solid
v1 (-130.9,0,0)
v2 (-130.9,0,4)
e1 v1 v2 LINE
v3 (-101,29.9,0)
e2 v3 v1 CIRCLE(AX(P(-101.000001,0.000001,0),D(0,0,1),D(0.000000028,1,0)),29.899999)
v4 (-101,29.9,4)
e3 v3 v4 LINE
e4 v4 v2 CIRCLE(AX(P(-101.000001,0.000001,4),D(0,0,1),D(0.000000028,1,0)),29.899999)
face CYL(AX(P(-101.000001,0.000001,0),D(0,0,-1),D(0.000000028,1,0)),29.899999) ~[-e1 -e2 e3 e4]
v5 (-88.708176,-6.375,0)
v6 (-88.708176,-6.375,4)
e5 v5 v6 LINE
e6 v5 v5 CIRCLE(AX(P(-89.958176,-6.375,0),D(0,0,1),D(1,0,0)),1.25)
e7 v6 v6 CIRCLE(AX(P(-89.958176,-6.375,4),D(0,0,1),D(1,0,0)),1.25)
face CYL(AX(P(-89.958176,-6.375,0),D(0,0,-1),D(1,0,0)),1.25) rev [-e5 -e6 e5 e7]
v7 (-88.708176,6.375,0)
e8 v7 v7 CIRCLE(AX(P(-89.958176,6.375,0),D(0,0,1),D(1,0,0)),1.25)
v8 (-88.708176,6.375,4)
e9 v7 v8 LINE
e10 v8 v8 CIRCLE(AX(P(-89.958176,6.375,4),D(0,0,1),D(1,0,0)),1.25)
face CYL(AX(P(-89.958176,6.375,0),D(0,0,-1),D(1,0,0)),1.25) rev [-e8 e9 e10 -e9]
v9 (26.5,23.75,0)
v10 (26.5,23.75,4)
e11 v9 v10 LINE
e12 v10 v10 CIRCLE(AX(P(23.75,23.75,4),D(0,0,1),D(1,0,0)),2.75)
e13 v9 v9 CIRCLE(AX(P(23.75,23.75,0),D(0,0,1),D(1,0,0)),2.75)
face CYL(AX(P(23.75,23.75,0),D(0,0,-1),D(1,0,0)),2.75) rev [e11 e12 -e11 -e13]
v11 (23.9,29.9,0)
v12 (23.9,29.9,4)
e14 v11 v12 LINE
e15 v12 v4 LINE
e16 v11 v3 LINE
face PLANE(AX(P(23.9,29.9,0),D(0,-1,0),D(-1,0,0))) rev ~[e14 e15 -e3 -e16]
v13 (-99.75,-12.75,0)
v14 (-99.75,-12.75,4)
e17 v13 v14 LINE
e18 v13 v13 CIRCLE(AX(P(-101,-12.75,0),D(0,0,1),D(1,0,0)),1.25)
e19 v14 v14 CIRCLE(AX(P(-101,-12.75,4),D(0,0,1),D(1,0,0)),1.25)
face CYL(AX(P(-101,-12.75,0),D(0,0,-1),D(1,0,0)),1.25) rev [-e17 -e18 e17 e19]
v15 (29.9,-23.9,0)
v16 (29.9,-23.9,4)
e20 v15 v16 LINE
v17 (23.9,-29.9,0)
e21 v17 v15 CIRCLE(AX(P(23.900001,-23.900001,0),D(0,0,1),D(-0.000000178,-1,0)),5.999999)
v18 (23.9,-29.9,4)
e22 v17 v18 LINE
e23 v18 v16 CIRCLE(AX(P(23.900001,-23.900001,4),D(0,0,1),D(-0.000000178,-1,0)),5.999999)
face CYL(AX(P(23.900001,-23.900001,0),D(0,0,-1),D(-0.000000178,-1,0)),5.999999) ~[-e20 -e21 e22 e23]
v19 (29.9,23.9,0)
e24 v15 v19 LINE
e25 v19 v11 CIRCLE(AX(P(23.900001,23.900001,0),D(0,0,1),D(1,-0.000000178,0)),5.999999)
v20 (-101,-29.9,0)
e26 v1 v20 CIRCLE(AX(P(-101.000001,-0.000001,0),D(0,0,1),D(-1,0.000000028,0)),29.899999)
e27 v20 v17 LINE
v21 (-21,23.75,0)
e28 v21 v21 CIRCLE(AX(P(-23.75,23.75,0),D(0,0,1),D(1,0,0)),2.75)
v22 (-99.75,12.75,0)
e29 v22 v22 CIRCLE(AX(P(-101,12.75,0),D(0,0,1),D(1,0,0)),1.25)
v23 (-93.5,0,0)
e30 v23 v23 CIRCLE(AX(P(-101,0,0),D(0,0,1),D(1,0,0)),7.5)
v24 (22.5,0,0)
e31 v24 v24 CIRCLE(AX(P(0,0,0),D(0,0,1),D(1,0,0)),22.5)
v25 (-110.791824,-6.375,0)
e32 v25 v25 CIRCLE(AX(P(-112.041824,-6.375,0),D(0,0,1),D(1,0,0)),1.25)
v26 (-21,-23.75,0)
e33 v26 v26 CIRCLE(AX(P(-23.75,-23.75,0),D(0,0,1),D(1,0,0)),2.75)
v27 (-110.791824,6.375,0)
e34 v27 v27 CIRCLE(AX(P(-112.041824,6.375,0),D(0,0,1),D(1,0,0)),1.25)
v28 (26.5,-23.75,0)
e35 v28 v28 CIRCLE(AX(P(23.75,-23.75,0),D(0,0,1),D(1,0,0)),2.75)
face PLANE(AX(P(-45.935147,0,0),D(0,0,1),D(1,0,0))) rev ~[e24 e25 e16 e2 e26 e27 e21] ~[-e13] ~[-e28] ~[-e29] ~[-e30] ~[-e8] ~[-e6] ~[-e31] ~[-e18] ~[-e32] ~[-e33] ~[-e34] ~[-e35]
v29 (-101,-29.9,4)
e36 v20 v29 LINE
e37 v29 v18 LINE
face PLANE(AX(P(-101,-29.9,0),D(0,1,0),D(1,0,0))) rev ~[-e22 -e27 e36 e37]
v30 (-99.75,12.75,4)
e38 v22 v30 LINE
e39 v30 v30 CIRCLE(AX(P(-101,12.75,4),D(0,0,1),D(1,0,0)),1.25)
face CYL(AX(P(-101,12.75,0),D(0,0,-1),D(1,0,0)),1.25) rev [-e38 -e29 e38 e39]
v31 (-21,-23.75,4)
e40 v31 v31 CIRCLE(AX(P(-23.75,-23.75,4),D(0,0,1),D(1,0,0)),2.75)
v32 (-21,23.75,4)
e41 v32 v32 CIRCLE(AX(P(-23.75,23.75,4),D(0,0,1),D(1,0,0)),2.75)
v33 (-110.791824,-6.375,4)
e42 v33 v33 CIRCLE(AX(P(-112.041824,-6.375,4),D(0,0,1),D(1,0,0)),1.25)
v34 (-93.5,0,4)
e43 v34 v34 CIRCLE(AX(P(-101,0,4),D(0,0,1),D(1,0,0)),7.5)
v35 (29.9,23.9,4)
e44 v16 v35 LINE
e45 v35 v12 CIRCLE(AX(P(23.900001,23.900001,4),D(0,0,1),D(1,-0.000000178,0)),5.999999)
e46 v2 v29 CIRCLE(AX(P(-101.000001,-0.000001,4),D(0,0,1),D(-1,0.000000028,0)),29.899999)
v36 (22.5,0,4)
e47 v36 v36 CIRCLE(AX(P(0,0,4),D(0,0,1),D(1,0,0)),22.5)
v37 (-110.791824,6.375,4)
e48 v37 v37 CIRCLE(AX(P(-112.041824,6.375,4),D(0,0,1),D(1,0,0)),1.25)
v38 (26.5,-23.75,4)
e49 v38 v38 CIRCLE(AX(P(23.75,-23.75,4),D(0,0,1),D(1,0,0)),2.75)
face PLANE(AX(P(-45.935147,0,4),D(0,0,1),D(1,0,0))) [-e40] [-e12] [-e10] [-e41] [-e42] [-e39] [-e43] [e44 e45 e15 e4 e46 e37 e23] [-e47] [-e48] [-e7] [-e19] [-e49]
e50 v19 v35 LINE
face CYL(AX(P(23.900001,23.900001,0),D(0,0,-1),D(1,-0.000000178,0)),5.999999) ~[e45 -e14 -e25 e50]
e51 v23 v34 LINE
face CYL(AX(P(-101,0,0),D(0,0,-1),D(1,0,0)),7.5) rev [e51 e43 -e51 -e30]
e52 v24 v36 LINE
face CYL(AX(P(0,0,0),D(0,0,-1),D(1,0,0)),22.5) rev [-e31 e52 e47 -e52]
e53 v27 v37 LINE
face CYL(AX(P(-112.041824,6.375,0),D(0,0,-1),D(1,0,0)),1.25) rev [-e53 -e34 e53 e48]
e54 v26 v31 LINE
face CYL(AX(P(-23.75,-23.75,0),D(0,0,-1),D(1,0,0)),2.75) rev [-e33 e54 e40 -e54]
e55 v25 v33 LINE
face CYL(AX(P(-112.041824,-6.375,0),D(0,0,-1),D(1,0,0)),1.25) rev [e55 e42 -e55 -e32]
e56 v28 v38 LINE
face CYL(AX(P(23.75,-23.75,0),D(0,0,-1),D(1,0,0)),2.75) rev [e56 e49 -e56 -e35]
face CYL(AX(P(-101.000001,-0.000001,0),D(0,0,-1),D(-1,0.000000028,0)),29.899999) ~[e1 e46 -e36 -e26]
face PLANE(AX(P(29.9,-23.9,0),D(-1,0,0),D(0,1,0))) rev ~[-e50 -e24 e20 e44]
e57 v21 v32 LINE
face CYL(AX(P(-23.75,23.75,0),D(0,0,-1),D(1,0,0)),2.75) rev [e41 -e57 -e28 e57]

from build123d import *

# Parameters (mm, degrees)
F0_R     = 1.25
F0_R_2   = 2.75
F0_R_3   = 7.5
F0_R_4   = 22.5
F1_DEPTH = 4


with BuildPart() as f1:
    # F0 (on Top) → F1 (new body)
    with BuildSketch(Plane.XY):
        with BuildLine():
            Line((23.9, 29.9), (-101, 29.9))
            ThreePointArc((-101, 29.9), (-122.142493, 21.142493), (-130.9, 0))
            ThreePointArc((-130.9, 0), (-122.142493, -21.142493), (-101, -29.9))
            Line((-101, -29.9), (23.9, -29.9))
            ThreePointArc((23.9, -29.9), (28.142641, -28.142641), (29.9, -23.9))
            Line((29.9, -23.9), (29.9, 23.9))
            ThreePointArc((29.9, 23.9), (28.142641, 28.142641), (23.9, 29.9))
        make_face()
        with Locations((-101, -12.75)):
            Circle(F0_R, mode=Mode.SUBTRACT)
        with Locations((-112.041824, -6.375)):
            Circle(F0_R, mode=Mode.SUBTRACT)
        with Locations((-89.958176, -6.375)):
            Circle(F0_R, mode=Mode.SUBTRACT)
        with Locations((-23.75, -23.75)):
            Circle(F0_R_2, mode=Mode.SUBTRACT)
        with Locations((23.75, -23.75)):
            Circle(F0_R_2, mode=Mode.SUBTRACT)
        with Locations((-112.041824, 6.375)):
            Circle(F0_R, mode=Mode.SUBTRACT)
        with Locations((-101, 0)):
            Circle(F0_R_3, mode=Mode.SUBTRACT)
        with Locations((-101, 12.75)):
            Circle(F0_R, mode=Mode.SUBTRACT)
        with Locations((-89.958176, 6.375)):
            Circle(F0_R, mode=Mode.SUBTRACT)
        Circle(F0_R_4, mode=Mode.SUBTRACT)
        with Locations((-23.75, 23.75)):
            Circle(F0_R_2, mode=Mode.SUBTRACT)
        with Locations((23.75, 23.75)):
            Circle(F0_R_2, mode=Mode.SUBTRACT)
    extrude(amount=F1_DEPTH)


solid = f1.part
